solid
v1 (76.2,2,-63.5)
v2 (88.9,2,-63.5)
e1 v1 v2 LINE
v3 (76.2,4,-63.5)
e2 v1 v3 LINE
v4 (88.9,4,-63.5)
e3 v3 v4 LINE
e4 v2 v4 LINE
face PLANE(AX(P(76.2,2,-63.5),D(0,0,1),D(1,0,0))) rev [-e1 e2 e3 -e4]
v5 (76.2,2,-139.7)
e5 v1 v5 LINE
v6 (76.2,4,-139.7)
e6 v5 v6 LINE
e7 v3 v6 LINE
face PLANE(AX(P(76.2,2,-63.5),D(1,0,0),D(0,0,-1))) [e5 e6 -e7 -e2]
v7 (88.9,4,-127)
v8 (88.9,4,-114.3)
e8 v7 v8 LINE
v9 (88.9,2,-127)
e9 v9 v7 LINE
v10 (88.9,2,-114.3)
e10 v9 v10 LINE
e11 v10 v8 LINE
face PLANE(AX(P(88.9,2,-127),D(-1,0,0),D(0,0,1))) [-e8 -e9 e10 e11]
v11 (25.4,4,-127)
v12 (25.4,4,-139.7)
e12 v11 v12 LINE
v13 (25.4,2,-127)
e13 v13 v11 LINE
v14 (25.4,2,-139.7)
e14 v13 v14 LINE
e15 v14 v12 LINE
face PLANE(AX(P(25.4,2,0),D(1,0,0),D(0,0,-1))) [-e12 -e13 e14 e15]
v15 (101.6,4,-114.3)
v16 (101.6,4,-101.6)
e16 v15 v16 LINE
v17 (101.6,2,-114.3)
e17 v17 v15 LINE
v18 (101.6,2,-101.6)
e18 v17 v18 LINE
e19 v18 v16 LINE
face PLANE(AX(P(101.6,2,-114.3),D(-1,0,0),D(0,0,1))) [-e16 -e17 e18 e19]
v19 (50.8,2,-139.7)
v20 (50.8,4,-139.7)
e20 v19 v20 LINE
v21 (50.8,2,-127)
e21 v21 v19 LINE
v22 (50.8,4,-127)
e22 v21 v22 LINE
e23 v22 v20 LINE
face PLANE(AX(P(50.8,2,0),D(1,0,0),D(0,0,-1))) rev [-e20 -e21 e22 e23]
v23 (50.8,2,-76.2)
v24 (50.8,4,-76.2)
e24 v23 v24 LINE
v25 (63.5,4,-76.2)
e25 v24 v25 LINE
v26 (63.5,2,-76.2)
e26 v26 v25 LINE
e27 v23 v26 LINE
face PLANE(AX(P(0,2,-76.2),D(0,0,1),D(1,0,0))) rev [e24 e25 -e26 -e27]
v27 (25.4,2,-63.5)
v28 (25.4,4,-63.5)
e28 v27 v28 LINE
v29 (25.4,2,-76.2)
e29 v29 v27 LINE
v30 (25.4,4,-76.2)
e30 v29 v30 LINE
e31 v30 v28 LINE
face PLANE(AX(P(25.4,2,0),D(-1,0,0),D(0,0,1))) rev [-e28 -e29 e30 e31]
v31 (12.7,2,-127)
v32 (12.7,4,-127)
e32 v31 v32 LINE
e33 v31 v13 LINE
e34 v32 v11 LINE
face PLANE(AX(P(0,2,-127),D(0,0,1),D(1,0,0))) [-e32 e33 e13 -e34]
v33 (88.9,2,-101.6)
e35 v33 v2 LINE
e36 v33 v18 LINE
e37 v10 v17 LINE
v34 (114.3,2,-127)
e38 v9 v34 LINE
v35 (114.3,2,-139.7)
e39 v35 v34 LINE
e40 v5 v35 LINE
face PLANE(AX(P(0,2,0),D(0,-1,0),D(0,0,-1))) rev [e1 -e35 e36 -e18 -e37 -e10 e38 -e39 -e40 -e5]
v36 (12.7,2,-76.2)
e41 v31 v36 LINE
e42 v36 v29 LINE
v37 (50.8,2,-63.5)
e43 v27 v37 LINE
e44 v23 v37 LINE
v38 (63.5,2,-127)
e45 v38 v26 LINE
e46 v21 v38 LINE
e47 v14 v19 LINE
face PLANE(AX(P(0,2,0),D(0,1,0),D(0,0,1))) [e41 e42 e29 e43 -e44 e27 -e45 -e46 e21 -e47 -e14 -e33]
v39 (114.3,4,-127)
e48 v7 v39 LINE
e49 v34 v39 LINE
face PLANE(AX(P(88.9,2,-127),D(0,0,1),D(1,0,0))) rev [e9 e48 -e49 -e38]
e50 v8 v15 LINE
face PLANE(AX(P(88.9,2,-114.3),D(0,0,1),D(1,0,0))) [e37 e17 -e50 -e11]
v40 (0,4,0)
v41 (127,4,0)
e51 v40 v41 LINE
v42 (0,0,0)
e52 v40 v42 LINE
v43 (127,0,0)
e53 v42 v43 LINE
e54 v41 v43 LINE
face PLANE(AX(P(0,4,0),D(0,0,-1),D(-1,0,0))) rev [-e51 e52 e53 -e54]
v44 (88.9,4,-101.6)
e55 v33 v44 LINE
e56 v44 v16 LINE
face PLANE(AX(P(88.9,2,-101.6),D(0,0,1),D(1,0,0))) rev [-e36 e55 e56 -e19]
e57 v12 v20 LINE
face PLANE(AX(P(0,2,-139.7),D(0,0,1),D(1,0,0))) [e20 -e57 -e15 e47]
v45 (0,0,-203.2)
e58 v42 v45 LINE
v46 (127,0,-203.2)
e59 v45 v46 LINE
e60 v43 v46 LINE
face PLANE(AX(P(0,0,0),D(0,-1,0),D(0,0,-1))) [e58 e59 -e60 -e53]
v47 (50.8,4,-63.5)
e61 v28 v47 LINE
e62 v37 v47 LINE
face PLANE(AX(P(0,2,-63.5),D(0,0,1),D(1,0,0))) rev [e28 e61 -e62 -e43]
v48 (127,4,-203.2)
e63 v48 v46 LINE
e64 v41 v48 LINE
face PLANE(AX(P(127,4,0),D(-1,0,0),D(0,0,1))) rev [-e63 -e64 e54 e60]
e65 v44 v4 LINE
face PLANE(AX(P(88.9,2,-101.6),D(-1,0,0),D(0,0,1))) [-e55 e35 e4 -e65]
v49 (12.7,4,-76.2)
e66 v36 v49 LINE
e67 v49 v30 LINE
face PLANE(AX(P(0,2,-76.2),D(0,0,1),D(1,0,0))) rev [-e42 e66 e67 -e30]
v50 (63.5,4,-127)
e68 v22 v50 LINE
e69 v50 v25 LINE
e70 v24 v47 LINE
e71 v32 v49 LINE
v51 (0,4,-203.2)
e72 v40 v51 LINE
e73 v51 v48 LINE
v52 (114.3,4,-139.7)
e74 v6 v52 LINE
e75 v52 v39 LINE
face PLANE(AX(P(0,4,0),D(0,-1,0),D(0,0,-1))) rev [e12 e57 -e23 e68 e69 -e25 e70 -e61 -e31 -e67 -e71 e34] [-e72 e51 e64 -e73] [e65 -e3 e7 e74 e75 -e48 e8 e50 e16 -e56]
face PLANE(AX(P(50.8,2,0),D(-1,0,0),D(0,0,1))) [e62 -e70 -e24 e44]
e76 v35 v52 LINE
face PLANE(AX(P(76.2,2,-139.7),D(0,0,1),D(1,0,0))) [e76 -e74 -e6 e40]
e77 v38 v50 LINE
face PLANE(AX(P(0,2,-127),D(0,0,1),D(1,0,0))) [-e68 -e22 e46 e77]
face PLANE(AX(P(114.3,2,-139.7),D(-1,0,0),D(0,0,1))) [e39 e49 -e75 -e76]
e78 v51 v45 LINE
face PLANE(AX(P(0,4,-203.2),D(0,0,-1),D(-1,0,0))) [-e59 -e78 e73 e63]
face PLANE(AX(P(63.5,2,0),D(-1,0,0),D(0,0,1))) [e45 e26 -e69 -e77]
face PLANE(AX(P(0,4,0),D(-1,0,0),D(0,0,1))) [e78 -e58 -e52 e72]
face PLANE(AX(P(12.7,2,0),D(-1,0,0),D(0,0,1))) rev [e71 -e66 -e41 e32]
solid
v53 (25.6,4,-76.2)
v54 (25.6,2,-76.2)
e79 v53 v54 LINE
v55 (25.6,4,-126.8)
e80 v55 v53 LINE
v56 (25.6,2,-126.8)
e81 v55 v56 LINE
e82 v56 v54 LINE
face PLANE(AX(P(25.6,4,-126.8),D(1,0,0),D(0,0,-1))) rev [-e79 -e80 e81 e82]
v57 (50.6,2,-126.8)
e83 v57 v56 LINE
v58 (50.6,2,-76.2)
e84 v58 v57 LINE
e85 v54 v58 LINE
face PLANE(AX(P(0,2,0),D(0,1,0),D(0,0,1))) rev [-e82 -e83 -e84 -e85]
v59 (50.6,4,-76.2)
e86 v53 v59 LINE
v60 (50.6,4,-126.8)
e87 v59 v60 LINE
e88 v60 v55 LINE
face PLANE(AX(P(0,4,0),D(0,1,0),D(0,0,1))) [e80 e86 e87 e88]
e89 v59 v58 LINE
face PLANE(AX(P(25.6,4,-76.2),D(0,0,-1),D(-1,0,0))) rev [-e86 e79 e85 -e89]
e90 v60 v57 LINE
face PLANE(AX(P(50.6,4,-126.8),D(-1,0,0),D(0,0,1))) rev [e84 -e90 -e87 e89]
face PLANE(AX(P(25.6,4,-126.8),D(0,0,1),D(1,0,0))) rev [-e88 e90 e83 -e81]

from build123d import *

# Parameters (mm, degrees)
SKETCH1_W            = 127
SKETCH1_H            = 203.2
BOSS_EXTRUDE1_DEPTH  = 4
CUT_EXTRUDE4_DEPTH   = 2
CUT_EXTRUDE8_DEPTH   = 2
SKETCH4_W            = 25
SKETCH4_H            = 50.6
BOSS_EXTRUDE10_DEPTH = 2


with BuildPart() as part:
    # Sketch1 → Boss-Extrude1 (new body)
    with BuildSketch(Plane(origin=(0, 0, 0), x_dir=(1, 0, 0), z_dir=(0, 1, 0))):
        with Locations((63.5, 101.6)):
            Rectangle(SKETCH1_W, SKETCH1_H)
    extrude(amount=BOSS_EXTRUDE1_DEPTH)

    # Sketch2 → Cut-Extrude4 (cut)
    with BuildSketch(Plane(origin=(0, 4, 0), x_dir=(1, 0, 0), z_dir=(0, 1, 0))):
        Polygon((88.9, 127), (88.9, 114.3), (101.6, 114.3), (101.6, 101.6), (88.9, 101.6), (88.9, 63.5), (76.2, 63.5), (76.2, 139.7), (88.9, 139.7), (114.3, 139.7), (114.3, 127), align=None)
    extrude(amount=-CUT_EXTRUDE4_DEPTH, mode=Mode.SUBTRACT)

    # Sketch2<5> → Cut-Extrude8 (cut)
    with BuildSketch(Plane(origin=(0, 4, 0), x_dir=(1, 0, 0), z_dir=(0, 1, 0))):
        Polygon((25.4, 127), (12.7, 127), (12.7, 76.2), (25.4, 76.2), (25.4, 63.5), (50.8, 63.5), (50.8, 76.2), (63.5, 76.2), (63.5, 127), (50.8, 127), (50.8, 139.7), (25.4, 139.7), align=None)
    extrude(amount=-CUT_EXTRUDE8_DEPTH, mode=Mode.SUBTRACT)


with BuildPart() as body_2:
    # Sketch4 → Boss-Extrude10 (new body)
    with BuildSketch(Plane(origin=(0, 2, 0), x_dir=(1, 0, 0), z_dir=(0, 1, 0))):
        with Locations((38.1, 101.5)):
            Rectangle(SKETCH4_W, SKETCH4_H)
    extrude(amount=BOSS_EXTRUDE10_DEPTH)


solid = Compound([part.part, body_2.part])
